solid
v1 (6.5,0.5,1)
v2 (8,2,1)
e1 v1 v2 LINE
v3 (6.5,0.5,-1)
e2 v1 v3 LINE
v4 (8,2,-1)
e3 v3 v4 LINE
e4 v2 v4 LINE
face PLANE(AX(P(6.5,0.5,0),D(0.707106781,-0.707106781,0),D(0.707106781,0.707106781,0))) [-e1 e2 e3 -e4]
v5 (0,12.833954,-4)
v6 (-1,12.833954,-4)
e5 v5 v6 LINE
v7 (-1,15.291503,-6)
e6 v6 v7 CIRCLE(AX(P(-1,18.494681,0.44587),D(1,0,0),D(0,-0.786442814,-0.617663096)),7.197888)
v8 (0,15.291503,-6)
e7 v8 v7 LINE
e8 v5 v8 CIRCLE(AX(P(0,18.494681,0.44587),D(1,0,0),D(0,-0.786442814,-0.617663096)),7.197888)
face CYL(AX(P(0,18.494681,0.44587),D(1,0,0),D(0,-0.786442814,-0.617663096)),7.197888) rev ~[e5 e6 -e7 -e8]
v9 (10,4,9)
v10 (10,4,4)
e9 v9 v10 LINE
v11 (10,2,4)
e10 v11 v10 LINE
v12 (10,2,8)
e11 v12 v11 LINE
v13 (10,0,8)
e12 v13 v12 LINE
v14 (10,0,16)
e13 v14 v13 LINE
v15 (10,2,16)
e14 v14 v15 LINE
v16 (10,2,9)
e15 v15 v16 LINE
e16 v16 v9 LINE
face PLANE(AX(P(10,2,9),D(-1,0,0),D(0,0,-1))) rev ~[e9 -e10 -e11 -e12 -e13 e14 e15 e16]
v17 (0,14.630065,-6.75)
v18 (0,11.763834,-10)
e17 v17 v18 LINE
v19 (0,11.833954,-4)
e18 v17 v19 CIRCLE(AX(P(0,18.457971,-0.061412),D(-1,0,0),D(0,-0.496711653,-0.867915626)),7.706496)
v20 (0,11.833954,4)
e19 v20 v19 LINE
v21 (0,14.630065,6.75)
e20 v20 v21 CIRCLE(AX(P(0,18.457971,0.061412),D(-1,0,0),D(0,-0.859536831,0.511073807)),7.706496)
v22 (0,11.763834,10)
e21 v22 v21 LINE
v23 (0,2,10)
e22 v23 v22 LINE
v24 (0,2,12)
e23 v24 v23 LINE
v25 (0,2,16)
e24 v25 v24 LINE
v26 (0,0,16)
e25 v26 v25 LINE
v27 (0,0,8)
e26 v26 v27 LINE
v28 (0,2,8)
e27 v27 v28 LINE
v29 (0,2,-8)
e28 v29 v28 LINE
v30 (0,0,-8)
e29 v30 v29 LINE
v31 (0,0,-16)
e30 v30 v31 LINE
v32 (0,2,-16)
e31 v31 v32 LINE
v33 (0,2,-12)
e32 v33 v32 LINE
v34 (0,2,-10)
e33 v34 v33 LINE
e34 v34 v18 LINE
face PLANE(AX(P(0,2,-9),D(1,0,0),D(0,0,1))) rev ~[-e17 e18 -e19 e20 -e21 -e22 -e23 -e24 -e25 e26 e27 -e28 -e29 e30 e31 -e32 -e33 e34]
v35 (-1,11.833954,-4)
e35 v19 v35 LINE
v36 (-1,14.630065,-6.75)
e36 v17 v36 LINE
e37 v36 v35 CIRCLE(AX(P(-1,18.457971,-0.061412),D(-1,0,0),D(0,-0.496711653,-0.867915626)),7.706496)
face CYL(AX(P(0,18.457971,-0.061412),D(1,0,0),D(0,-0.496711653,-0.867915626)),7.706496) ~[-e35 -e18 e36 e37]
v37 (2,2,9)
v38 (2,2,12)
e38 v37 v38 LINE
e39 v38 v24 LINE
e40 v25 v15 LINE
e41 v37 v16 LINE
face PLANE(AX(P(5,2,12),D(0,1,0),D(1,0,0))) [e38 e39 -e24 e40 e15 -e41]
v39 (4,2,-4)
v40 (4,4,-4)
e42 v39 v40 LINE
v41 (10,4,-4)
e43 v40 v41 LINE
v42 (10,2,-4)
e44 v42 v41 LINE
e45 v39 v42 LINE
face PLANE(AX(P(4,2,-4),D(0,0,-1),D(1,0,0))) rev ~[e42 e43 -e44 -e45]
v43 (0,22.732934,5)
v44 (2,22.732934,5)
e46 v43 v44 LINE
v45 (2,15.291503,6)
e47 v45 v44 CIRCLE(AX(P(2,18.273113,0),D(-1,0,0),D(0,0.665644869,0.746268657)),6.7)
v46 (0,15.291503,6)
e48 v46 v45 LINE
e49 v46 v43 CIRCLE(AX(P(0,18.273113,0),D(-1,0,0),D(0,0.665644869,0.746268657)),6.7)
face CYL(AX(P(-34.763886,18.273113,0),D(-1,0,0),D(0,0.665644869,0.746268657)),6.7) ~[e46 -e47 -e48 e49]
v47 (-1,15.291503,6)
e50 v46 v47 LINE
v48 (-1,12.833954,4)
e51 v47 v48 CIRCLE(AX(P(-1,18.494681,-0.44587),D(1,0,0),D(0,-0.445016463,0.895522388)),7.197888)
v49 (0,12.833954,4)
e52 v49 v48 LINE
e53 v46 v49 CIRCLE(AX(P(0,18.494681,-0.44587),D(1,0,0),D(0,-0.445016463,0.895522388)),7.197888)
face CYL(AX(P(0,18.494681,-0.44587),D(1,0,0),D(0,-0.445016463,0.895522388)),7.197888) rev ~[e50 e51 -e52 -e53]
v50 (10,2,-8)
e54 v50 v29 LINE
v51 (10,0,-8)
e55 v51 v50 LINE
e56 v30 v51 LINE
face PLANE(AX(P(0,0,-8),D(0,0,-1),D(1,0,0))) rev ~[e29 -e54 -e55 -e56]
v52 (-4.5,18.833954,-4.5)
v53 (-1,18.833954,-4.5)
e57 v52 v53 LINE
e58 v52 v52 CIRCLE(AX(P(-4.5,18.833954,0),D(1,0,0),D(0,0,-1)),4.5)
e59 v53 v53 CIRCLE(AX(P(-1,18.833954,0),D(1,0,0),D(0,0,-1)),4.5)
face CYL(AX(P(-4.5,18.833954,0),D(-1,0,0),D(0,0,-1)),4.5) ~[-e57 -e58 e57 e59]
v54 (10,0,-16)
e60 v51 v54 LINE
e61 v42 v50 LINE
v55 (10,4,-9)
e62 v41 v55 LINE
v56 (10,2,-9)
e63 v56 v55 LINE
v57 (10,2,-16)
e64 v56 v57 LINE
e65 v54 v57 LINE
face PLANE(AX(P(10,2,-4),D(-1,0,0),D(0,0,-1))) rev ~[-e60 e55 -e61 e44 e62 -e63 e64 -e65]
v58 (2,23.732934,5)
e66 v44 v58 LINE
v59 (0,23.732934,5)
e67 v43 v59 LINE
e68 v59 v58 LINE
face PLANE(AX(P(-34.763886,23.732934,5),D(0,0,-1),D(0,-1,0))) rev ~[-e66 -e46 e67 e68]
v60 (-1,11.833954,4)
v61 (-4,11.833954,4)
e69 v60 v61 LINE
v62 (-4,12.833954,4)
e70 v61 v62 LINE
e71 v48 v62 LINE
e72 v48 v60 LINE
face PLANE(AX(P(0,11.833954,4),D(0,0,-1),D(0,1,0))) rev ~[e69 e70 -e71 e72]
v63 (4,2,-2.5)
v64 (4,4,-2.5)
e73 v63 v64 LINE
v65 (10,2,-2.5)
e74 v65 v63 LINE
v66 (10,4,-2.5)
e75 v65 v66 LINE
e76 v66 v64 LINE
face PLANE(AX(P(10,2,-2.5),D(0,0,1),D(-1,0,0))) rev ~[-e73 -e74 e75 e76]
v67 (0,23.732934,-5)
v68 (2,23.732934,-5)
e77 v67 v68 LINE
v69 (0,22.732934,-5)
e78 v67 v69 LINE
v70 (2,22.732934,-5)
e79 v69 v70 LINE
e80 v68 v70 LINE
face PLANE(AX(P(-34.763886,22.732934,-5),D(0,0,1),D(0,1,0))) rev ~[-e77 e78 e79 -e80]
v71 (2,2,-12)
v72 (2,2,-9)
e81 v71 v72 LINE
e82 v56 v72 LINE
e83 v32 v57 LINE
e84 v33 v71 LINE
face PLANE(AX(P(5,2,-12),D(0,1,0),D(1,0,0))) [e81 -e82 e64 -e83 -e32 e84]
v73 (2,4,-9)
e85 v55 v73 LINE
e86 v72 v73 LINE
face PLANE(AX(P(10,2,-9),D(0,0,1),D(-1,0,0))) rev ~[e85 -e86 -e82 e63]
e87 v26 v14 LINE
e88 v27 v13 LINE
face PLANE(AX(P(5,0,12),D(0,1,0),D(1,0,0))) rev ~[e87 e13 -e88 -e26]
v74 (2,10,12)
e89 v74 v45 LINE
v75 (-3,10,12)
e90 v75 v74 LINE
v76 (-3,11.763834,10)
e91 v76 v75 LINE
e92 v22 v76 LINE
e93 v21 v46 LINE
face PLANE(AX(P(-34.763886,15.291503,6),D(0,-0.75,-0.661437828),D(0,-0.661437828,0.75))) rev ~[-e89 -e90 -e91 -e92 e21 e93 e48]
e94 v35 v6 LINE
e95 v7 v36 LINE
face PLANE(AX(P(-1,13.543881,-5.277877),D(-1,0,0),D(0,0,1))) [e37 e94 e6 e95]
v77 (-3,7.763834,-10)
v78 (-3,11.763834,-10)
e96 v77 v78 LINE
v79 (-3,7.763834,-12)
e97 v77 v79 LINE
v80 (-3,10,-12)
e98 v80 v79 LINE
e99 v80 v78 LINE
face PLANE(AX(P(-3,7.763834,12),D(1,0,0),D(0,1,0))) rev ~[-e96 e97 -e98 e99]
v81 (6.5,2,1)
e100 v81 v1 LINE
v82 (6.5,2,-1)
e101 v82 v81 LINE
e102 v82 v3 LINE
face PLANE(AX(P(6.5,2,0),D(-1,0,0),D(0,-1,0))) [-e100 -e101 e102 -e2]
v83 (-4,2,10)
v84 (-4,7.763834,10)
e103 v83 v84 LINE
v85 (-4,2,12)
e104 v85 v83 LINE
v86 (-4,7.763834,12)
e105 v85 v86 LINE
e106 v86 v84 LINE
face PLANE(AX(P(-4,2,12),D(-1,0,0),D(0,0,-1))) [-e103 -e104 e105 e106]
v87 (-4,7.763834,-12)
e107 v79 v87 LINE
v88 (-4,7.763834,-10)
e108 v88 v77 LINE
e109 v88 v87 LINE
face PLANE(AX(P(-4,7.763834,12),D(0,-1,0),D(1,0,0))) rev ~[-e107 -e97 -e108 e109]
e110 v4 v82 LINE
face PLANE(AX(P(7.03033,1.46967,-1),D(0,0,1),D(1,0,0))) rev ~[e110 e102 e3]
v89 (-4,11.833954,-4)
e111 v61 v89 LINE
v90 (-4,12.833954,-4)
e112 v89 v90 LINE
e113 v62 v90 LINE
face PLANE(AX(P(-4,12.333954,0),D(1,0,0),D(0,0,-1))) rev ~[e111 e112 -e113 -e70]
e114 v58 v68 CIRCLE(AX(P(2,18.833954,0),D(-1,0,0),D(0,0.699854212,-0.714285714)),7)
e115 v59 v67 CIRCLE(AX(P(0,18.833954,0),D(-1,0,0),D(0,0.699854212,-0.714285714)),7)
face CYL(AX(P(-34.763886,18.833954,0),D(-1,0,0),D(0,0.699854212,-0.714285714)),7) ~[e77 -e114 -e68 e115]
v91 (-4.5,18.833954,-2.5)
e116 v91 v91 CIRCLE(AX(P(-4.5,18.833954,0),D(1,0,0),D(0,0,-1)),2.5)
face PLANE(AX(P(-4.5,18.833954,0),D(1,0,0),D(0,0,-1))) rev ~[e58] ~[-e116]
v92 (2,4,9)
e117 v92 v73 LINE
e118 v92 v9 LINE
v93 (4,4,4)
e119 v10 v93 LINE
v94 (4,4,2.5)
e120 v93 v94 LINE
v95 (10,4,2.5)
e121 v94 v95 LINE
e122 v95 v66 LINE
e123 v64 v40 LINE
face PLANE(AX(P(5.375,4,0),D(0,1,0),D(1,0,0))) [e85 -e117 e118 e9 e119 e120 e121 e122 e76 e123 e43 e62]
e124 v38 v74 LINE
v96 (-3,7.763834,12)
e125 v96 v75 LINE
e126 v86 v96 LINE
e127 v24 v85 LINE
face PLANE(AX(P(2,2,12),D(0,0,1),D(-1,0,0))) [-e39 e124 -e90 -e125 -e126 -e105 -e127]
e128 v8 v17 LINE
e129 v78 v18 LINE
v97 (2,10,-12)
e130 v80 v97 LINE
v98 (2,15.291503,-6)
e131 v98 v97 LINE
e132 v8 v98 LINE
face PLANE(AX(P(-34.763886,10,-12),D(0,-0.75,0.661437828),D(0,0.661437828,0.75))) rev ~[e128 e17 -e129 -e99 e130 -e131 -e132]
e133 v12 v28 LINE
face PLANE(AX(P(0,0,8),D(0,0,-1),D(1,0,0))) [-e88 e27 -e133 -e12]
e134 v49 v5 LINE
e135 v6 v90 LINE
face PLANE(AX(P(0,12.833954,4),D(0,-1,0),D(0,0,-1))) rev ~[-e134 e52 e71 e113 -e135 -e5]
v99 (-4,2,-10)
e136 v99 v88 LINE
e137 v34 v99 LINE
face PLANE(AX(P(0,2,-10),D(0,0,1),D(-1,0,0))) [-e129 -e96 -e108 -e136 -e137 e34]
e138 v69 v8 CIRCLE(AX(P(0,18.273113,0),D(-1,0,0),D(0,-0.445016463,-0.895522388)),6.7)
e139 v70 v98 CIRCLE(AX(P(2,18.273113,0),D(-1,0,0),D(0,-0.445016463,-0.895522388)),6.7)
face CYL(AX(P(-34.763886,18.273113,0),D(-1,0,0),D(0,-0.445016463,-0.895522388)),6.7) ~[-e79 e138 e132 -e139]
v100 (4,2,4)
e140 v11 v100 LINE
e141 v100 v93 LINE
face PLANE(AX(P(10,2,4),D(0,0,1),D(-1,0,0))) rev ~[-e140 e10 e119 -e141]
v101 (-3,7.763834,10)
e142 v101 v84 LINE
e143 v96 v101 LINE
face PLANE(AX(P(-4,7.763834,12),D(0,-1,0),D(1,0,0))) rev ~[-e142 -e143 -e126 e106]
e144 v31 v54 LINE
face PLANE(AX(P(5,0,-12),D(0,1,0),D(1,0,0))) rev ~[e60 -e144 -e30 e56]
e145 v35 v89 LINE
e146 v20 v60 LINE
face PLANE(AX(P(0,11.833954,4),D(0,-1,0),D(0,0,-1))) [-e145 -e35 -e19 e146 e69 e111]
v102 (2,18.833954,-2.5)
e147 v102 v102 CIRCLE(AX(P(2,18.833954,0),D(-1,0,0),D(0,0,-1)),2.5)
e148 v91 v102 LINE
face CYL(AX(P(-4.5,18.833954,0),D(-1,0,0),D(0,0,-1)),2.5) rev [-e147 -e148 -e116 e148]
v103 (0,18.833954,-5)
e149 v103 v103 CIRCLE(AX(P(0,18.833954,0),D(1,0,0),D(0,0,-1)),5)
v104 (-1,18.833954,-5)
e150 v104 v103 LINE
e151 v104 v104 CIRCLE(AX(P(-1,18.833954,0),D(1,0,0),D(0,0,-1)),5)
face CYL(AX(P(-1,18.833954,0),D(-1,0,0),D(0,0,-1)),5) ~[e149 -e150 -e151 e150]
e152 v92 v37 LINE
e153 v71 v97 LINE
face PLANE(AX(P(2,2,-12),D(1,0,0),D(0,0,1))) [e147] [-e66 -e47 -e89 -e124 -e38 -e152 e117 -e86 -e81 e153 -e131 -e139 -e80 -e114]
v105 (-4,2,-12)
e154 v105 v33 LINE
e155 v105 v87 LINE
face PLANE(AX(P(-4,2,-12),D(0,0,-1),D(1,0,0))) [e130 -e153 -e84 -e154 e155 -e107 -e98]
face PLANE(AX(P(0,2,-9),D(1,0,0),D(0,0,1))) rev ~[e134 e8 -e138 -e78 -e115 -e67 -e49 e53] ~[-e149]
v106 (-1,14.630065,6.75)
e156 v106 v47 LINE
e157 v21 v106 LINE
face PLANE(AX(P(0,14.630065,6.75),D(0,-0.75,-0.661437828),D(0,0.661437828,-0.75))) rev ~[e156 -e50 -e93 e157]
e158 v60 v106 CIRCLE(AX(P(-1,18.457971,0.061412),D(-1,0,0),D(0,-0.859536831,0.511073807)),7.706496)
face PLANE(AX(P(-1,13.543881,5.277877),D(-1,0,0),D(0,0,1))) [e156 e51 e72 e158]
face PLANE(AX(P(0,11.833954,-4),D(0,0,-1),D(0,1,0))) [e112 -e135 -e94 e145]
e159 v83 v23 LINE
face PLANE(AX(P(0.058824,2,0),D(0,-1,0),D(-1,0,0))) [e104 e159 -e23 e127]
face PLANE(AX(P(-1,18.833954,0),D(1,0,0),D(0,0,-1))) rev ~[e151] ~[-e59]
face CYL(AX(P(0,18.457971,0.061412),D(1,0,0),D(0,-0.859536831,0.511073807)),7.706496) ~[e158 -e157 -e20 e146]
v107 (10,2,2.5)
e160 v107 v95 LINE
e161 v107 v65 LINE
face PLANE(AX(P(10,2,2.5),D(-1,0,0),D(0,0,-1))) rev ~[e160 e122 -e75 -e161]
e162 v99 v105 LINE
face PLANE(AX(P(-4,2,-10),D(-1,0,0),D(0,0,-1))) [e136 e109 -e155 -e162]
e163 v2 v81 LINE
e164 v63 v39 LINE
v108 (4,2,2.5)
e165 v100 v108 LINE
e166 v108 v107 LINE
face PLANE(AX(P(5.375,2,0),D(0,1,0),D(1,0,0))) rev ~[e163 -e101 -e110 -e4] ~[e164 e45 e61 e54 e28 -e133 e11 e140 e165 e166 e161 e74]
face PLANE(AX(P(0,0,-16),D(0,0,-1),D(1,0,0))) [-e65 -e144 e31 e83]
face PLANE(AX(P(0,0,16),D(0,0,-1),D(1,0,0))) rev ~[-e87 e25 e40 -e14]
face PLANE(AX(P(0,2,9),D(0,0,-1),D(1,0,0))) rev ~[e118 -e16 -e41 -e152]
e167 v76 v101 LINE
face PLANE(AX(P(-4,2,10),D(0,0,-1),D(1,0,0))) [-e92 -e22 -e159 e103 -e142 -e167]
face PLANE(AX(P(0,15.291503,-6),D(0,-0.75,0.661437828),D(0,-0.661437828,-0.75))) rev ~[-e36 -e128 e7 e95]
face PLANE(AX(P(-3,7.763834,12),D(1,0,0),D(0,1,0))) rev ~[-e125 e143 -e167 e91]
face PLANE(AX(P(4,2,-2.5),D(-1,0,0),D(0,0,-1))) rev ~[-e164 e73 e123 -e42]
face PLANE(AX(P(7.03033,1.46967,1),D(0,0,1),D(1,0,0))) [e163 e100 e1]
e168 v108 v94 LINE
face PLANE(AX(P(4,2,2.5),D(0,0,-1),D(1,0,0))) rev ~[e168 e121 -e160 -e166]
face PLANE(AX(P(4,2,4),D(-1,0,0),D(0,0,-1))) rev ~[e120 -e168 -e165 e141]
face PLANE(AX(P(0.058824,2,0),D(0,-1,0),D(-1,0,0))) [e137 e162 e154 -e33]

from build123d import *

# Parameters (mm, degrees)
SCHIZZO2_W                     = 10
SCHIZZO2_H                     = 8
ESTRUSIONE_ESTRUSIONE1_DEPTH   = 2
ESTRUSIONE_ESTRUSIONE1_2_DEPTH = 2
ESTRUSIONE_ESTRUSIONE2_DEPTH   = 2
ESTRUSIONE_ESTRUSIONE3_DEPTH   = 26
TAGLIO_ESTRUSIONE1_DEPTH       = 34.763886032
TAGLIO_ESTRUSIONE1_DEPTH_BACK  = 34.763886032
TAGLIO_ESTRUSIONE2_DEPTH       = 32.990517073
TAGLIO_ESTRUSIONE2_DEPTH_BACK  = 32.990517073
SCHIZZO8_R                     = 2.5
ESTRUSIONE_ESTRUSIONE4_DEPTH   = 1
SCHIZZO11_W                    = 8
SCHIZZO11_H                    = 1
ESTRUSIONE_ESTRUSIONE5_DEPTH   = 4
ESTRUSIONE_ESTRUSIONE6_START   = -4.5
SCHIZZO12_R                    = 4.5
SCHIZZO12_R_2                  = 2.5
ESTRUSIONE_ESTRUSIONE6_DEPTH   = 4.5
ESTRUSIONE_ESTRUSIONE7_START   = -1
SCHIZZO13_R                    = 5
SCHIZZO13_R_2                  = 4.5
ESTRUSIONE_ESTRUSIONE7_DEPTH   = 1
TAGLIO_ESTRUSIONE3_START       = 12
SCHIZZO14_W                    = 1
SCHIZZO14_H                    = 4
TAGLIO_ESTRUSIONE3_DEPTH       = 44.990517073
ESTRUSIONE_ESTRUSIONE8_DEPTH   = 1


with BuildPart() as part:
    # Schizzo2 → Estrusione-Estrusione1 (new body)
    with BuildSketch(Plane(origin=(0, 0, 0), x_dir=(1, 0, 0), z_dir=(0, 1, 0))):
        with Locations((5, 12)):
            Rectangle(SCHIZZO2_W, SCHIZZO2_H)
    extrude(amount=ESTRUSIONE_ESTRUSIONE1_DEPTH)



with BuildPart() as body_2:
    # Schizzo2 → Estrusione-Estrusione1 2 (new body)
    with BuildSketch(Plane(origin=(0, 0, 0), x_dir=(1, 0, 0), z_dir=(0, 1, 0))):
        with Locations((5, -12)):
            Rectangle(SCHIZZO2_W, SCHIZZO2_H)
    extrude(amount=ESTRUSIONE_ESTRUSIONE1_2_DEPTH)


with BuildPart() as part_1:
    add(part.part)

    add(body_2.part)  # Estrusione-Estrusione2 merges body 2
    # Schizzo3 → Estrusione-Estrusione2 (add)
    with BuildSketch(Plane(origin=(0, 2, 0), x_dir=(1, 0, 0), z_dir=(0, 1, 0))):
        Polygon((0, -9), (10, -9), (10, -4), (4, -4), (4, -2.5), (10, -2.5), (10, 2.5), (4, 2.5), (4, 4), (10, 4), (10, 9), (0, 9), align=None)
    extrude(amount=ESTRUSIONE_ESTRUSIONE2_DEPTH)

    # Schizzo5 → Estrusione-Estrusione3 (add)
    with BuildSketch(Plane(origin=(0, 2, 0), x_dir=(1, 0, 0), z_dir=(0, 1, 0))):
        Polygon((-4, 12), (2, 12), (2, -12), (-4, -12), (-4, -10), (0, -10), (0, 10), (-4, 10), align=None)
    extrude(amount=ESTRUSIONE_ESTRUSIONE3_DEPTH)

    # Schizzo6 → Taglio-Estrusione1 (cut, two sides: drawn at the far end of the back side and taken through both)
    with BuildSketch(Plane(origin=(0, 0, 0), x_dir=(0, 0, -1), z_dir=(1, 0, 0)).offset(-TAGLIO_ESTRUSIONE1_DEPTH_BACK)):
        with BuildLine():
            Line((-12, 10), (-12, 28))
            Line((-12, 28), (12, 28))
            Line((12, 28), (12, 10))
            Line((12, 10), (6, 15.291502622))
            ThreePointArc((6, 15.291502622), (6.640310502, 19.165456154), (5, 22.732933549))
            Line((5, 22.732933549), (5, 23.732933549))
            ThreePointArc((5, 23.732933549), (0, 25.833954064), (-5, 23.732933549))
            Line((-5, 23.732933549), (-5, 22.732933549))
            ThreePointArc((-5, 22.732933549), (-6.640310502, 19.165456154), (-6, 15.291502622))
            Line((-6, 15.291502622), (-12, 10))
        make_face()
    extrude(amount=TAGLIO_ESTRUSIONE1_DEPTH + TAGLIO_ESTRUSIONE1_DEPTH_BACK, mode=Mode.SUBTRACT)

    # Schizzo8 → Taglio-Estrusione2 (cut, two sides: drawn at the far end of the back side and taken through both)
    with BuildSketch(Plane(origin=(0, 0, 0), x_dir=(0, 0, -1), z_dir=(1, 0, 0)).offset(-TAGLIO_ESTRUSIONE2_DEPTH_BACK)):
        with Locations((0, 18.833954064)):
            Circle(SCHIZZO8_R)
    extrude(amount=TAGLIO_ESTRUSIONE2_DEPTH + TAGLIO_ESTRUSIONE2_DEPTH_BACK, mode=Mode.SUBTRACT)

    # Schizzo9 → Estrusione-Estrusione4 (add, symmetric)
    with BuildSketch(Plane.XY):
        Polygon((8, 2), (6.5, 2), (6.5, 0.5), align=None)
    extrude(amount=ESTRUSIONE_ESTRUSIONE4_DEPTH, both=True)

    # Schizzo11 → Estrusione-Estrusione5 (add)
    with BuildSketch(Plane(origin=(0, 0, 0), x_dir=(0, 0, -1), z_dir=(1, 0, 0))):
        with Locations((0, 12.333954064)):
            Rectangle(SCHIZZO11_W, SCHIZZO11_H)
    extrude(amount=-ESTRUSIONE_ESTRUSIONE5_DEPTH)

    # Schizzo12 → Estrusione-Estrusione6 (add)
    with BuildSketch(Plane(origin=(0, 0, 0), x_dir=(0, 0, -1), z_dir=(1, 0, 0)).offset(ESTRUSIONE_ESTRUSIONE6_START)):
        with Locations((0, 18.833954064)):
            Circle(SCHIZZO12_R)
        with Locations((0, 18.833954064)):
            Circle(SCHIZZO12_R_2, mode=Mode.SUBTRACT)
    extrude(amount=ESTRUSIONE_ESTRUSIONE6_DEPTH)

    # Schizzo13 → Estrusione-Estrusione7 (add)
    with BuildSketch(Plane(origin=(0, 0, 0), x_dir=(0, 0, -1), z_dir=(1, 0, 0)).offset(ESTRUSIONE_ESTRUSIONE7_START)):
        with Locations((0, 18.833954064)):
            Circle(SCHIZZO13_R)
        with Locations((0, 18.833954064)):
            Circle(SCHIZZO13_R_2, mode=Mode.SUBTRACT)
    extrude(amount=ESTRUSIONE_ESTRUSIONE7_DEPTH)

    # Schizzo14 → Taglio-Estrusione3 (cut, through all)
    with BuildSketch(Plane.XY.offset(TAGLIO_ESTRUSIONE3_START)):
        with Locations((-3.5, 9.763834207)):
            Rectangle(SCHIZZO14_W, SCHIZZO14_H)
    extrude(amount=-TAGLIO_ESTRUSIONE3_DEPTH, mode=Mode.SUBTRACT)

    # Schizzo17 → Estrusione-Estrusione8 (add)
    with BuildSketch(Plane(origin=(0, 0, 0), x_dir=(0, 0, -1), z_dir=(1, 0, 0))):
        with BuildLine():
            Line((6, 15.291502622), (6.75, 14.630064794))
            ThreePointArc((6.75, 14.630064794), (5.555843379, 13.054148343), (4, 11.833954064))
            Line((4, 11.833954064), (4, 12.833954064))
            ThreePointArc((4, 12.833954064), (5.136905867, 13.951311731), (6, 15.291502622))
        make_face()
        with BuildLine():
            Line((-6.75, 14.630064794), (-6, 15.291502622))
            ThreePointArc((-6, 15.291502622), (-5.136905867, 13.951311731), (-4, 12.833954064))
            Line((-4, 12.833954064), (-4, 11.833954064))
            ThreePointArc((-4, 11.833954064), (-5.555843379, 13.054148343), (-6.75, 14.630064794))
        make_face()
    extrude(amount=-ESTRUSIONE_ESTRUSIONE8_DEPTH)


solid = part_1.part
